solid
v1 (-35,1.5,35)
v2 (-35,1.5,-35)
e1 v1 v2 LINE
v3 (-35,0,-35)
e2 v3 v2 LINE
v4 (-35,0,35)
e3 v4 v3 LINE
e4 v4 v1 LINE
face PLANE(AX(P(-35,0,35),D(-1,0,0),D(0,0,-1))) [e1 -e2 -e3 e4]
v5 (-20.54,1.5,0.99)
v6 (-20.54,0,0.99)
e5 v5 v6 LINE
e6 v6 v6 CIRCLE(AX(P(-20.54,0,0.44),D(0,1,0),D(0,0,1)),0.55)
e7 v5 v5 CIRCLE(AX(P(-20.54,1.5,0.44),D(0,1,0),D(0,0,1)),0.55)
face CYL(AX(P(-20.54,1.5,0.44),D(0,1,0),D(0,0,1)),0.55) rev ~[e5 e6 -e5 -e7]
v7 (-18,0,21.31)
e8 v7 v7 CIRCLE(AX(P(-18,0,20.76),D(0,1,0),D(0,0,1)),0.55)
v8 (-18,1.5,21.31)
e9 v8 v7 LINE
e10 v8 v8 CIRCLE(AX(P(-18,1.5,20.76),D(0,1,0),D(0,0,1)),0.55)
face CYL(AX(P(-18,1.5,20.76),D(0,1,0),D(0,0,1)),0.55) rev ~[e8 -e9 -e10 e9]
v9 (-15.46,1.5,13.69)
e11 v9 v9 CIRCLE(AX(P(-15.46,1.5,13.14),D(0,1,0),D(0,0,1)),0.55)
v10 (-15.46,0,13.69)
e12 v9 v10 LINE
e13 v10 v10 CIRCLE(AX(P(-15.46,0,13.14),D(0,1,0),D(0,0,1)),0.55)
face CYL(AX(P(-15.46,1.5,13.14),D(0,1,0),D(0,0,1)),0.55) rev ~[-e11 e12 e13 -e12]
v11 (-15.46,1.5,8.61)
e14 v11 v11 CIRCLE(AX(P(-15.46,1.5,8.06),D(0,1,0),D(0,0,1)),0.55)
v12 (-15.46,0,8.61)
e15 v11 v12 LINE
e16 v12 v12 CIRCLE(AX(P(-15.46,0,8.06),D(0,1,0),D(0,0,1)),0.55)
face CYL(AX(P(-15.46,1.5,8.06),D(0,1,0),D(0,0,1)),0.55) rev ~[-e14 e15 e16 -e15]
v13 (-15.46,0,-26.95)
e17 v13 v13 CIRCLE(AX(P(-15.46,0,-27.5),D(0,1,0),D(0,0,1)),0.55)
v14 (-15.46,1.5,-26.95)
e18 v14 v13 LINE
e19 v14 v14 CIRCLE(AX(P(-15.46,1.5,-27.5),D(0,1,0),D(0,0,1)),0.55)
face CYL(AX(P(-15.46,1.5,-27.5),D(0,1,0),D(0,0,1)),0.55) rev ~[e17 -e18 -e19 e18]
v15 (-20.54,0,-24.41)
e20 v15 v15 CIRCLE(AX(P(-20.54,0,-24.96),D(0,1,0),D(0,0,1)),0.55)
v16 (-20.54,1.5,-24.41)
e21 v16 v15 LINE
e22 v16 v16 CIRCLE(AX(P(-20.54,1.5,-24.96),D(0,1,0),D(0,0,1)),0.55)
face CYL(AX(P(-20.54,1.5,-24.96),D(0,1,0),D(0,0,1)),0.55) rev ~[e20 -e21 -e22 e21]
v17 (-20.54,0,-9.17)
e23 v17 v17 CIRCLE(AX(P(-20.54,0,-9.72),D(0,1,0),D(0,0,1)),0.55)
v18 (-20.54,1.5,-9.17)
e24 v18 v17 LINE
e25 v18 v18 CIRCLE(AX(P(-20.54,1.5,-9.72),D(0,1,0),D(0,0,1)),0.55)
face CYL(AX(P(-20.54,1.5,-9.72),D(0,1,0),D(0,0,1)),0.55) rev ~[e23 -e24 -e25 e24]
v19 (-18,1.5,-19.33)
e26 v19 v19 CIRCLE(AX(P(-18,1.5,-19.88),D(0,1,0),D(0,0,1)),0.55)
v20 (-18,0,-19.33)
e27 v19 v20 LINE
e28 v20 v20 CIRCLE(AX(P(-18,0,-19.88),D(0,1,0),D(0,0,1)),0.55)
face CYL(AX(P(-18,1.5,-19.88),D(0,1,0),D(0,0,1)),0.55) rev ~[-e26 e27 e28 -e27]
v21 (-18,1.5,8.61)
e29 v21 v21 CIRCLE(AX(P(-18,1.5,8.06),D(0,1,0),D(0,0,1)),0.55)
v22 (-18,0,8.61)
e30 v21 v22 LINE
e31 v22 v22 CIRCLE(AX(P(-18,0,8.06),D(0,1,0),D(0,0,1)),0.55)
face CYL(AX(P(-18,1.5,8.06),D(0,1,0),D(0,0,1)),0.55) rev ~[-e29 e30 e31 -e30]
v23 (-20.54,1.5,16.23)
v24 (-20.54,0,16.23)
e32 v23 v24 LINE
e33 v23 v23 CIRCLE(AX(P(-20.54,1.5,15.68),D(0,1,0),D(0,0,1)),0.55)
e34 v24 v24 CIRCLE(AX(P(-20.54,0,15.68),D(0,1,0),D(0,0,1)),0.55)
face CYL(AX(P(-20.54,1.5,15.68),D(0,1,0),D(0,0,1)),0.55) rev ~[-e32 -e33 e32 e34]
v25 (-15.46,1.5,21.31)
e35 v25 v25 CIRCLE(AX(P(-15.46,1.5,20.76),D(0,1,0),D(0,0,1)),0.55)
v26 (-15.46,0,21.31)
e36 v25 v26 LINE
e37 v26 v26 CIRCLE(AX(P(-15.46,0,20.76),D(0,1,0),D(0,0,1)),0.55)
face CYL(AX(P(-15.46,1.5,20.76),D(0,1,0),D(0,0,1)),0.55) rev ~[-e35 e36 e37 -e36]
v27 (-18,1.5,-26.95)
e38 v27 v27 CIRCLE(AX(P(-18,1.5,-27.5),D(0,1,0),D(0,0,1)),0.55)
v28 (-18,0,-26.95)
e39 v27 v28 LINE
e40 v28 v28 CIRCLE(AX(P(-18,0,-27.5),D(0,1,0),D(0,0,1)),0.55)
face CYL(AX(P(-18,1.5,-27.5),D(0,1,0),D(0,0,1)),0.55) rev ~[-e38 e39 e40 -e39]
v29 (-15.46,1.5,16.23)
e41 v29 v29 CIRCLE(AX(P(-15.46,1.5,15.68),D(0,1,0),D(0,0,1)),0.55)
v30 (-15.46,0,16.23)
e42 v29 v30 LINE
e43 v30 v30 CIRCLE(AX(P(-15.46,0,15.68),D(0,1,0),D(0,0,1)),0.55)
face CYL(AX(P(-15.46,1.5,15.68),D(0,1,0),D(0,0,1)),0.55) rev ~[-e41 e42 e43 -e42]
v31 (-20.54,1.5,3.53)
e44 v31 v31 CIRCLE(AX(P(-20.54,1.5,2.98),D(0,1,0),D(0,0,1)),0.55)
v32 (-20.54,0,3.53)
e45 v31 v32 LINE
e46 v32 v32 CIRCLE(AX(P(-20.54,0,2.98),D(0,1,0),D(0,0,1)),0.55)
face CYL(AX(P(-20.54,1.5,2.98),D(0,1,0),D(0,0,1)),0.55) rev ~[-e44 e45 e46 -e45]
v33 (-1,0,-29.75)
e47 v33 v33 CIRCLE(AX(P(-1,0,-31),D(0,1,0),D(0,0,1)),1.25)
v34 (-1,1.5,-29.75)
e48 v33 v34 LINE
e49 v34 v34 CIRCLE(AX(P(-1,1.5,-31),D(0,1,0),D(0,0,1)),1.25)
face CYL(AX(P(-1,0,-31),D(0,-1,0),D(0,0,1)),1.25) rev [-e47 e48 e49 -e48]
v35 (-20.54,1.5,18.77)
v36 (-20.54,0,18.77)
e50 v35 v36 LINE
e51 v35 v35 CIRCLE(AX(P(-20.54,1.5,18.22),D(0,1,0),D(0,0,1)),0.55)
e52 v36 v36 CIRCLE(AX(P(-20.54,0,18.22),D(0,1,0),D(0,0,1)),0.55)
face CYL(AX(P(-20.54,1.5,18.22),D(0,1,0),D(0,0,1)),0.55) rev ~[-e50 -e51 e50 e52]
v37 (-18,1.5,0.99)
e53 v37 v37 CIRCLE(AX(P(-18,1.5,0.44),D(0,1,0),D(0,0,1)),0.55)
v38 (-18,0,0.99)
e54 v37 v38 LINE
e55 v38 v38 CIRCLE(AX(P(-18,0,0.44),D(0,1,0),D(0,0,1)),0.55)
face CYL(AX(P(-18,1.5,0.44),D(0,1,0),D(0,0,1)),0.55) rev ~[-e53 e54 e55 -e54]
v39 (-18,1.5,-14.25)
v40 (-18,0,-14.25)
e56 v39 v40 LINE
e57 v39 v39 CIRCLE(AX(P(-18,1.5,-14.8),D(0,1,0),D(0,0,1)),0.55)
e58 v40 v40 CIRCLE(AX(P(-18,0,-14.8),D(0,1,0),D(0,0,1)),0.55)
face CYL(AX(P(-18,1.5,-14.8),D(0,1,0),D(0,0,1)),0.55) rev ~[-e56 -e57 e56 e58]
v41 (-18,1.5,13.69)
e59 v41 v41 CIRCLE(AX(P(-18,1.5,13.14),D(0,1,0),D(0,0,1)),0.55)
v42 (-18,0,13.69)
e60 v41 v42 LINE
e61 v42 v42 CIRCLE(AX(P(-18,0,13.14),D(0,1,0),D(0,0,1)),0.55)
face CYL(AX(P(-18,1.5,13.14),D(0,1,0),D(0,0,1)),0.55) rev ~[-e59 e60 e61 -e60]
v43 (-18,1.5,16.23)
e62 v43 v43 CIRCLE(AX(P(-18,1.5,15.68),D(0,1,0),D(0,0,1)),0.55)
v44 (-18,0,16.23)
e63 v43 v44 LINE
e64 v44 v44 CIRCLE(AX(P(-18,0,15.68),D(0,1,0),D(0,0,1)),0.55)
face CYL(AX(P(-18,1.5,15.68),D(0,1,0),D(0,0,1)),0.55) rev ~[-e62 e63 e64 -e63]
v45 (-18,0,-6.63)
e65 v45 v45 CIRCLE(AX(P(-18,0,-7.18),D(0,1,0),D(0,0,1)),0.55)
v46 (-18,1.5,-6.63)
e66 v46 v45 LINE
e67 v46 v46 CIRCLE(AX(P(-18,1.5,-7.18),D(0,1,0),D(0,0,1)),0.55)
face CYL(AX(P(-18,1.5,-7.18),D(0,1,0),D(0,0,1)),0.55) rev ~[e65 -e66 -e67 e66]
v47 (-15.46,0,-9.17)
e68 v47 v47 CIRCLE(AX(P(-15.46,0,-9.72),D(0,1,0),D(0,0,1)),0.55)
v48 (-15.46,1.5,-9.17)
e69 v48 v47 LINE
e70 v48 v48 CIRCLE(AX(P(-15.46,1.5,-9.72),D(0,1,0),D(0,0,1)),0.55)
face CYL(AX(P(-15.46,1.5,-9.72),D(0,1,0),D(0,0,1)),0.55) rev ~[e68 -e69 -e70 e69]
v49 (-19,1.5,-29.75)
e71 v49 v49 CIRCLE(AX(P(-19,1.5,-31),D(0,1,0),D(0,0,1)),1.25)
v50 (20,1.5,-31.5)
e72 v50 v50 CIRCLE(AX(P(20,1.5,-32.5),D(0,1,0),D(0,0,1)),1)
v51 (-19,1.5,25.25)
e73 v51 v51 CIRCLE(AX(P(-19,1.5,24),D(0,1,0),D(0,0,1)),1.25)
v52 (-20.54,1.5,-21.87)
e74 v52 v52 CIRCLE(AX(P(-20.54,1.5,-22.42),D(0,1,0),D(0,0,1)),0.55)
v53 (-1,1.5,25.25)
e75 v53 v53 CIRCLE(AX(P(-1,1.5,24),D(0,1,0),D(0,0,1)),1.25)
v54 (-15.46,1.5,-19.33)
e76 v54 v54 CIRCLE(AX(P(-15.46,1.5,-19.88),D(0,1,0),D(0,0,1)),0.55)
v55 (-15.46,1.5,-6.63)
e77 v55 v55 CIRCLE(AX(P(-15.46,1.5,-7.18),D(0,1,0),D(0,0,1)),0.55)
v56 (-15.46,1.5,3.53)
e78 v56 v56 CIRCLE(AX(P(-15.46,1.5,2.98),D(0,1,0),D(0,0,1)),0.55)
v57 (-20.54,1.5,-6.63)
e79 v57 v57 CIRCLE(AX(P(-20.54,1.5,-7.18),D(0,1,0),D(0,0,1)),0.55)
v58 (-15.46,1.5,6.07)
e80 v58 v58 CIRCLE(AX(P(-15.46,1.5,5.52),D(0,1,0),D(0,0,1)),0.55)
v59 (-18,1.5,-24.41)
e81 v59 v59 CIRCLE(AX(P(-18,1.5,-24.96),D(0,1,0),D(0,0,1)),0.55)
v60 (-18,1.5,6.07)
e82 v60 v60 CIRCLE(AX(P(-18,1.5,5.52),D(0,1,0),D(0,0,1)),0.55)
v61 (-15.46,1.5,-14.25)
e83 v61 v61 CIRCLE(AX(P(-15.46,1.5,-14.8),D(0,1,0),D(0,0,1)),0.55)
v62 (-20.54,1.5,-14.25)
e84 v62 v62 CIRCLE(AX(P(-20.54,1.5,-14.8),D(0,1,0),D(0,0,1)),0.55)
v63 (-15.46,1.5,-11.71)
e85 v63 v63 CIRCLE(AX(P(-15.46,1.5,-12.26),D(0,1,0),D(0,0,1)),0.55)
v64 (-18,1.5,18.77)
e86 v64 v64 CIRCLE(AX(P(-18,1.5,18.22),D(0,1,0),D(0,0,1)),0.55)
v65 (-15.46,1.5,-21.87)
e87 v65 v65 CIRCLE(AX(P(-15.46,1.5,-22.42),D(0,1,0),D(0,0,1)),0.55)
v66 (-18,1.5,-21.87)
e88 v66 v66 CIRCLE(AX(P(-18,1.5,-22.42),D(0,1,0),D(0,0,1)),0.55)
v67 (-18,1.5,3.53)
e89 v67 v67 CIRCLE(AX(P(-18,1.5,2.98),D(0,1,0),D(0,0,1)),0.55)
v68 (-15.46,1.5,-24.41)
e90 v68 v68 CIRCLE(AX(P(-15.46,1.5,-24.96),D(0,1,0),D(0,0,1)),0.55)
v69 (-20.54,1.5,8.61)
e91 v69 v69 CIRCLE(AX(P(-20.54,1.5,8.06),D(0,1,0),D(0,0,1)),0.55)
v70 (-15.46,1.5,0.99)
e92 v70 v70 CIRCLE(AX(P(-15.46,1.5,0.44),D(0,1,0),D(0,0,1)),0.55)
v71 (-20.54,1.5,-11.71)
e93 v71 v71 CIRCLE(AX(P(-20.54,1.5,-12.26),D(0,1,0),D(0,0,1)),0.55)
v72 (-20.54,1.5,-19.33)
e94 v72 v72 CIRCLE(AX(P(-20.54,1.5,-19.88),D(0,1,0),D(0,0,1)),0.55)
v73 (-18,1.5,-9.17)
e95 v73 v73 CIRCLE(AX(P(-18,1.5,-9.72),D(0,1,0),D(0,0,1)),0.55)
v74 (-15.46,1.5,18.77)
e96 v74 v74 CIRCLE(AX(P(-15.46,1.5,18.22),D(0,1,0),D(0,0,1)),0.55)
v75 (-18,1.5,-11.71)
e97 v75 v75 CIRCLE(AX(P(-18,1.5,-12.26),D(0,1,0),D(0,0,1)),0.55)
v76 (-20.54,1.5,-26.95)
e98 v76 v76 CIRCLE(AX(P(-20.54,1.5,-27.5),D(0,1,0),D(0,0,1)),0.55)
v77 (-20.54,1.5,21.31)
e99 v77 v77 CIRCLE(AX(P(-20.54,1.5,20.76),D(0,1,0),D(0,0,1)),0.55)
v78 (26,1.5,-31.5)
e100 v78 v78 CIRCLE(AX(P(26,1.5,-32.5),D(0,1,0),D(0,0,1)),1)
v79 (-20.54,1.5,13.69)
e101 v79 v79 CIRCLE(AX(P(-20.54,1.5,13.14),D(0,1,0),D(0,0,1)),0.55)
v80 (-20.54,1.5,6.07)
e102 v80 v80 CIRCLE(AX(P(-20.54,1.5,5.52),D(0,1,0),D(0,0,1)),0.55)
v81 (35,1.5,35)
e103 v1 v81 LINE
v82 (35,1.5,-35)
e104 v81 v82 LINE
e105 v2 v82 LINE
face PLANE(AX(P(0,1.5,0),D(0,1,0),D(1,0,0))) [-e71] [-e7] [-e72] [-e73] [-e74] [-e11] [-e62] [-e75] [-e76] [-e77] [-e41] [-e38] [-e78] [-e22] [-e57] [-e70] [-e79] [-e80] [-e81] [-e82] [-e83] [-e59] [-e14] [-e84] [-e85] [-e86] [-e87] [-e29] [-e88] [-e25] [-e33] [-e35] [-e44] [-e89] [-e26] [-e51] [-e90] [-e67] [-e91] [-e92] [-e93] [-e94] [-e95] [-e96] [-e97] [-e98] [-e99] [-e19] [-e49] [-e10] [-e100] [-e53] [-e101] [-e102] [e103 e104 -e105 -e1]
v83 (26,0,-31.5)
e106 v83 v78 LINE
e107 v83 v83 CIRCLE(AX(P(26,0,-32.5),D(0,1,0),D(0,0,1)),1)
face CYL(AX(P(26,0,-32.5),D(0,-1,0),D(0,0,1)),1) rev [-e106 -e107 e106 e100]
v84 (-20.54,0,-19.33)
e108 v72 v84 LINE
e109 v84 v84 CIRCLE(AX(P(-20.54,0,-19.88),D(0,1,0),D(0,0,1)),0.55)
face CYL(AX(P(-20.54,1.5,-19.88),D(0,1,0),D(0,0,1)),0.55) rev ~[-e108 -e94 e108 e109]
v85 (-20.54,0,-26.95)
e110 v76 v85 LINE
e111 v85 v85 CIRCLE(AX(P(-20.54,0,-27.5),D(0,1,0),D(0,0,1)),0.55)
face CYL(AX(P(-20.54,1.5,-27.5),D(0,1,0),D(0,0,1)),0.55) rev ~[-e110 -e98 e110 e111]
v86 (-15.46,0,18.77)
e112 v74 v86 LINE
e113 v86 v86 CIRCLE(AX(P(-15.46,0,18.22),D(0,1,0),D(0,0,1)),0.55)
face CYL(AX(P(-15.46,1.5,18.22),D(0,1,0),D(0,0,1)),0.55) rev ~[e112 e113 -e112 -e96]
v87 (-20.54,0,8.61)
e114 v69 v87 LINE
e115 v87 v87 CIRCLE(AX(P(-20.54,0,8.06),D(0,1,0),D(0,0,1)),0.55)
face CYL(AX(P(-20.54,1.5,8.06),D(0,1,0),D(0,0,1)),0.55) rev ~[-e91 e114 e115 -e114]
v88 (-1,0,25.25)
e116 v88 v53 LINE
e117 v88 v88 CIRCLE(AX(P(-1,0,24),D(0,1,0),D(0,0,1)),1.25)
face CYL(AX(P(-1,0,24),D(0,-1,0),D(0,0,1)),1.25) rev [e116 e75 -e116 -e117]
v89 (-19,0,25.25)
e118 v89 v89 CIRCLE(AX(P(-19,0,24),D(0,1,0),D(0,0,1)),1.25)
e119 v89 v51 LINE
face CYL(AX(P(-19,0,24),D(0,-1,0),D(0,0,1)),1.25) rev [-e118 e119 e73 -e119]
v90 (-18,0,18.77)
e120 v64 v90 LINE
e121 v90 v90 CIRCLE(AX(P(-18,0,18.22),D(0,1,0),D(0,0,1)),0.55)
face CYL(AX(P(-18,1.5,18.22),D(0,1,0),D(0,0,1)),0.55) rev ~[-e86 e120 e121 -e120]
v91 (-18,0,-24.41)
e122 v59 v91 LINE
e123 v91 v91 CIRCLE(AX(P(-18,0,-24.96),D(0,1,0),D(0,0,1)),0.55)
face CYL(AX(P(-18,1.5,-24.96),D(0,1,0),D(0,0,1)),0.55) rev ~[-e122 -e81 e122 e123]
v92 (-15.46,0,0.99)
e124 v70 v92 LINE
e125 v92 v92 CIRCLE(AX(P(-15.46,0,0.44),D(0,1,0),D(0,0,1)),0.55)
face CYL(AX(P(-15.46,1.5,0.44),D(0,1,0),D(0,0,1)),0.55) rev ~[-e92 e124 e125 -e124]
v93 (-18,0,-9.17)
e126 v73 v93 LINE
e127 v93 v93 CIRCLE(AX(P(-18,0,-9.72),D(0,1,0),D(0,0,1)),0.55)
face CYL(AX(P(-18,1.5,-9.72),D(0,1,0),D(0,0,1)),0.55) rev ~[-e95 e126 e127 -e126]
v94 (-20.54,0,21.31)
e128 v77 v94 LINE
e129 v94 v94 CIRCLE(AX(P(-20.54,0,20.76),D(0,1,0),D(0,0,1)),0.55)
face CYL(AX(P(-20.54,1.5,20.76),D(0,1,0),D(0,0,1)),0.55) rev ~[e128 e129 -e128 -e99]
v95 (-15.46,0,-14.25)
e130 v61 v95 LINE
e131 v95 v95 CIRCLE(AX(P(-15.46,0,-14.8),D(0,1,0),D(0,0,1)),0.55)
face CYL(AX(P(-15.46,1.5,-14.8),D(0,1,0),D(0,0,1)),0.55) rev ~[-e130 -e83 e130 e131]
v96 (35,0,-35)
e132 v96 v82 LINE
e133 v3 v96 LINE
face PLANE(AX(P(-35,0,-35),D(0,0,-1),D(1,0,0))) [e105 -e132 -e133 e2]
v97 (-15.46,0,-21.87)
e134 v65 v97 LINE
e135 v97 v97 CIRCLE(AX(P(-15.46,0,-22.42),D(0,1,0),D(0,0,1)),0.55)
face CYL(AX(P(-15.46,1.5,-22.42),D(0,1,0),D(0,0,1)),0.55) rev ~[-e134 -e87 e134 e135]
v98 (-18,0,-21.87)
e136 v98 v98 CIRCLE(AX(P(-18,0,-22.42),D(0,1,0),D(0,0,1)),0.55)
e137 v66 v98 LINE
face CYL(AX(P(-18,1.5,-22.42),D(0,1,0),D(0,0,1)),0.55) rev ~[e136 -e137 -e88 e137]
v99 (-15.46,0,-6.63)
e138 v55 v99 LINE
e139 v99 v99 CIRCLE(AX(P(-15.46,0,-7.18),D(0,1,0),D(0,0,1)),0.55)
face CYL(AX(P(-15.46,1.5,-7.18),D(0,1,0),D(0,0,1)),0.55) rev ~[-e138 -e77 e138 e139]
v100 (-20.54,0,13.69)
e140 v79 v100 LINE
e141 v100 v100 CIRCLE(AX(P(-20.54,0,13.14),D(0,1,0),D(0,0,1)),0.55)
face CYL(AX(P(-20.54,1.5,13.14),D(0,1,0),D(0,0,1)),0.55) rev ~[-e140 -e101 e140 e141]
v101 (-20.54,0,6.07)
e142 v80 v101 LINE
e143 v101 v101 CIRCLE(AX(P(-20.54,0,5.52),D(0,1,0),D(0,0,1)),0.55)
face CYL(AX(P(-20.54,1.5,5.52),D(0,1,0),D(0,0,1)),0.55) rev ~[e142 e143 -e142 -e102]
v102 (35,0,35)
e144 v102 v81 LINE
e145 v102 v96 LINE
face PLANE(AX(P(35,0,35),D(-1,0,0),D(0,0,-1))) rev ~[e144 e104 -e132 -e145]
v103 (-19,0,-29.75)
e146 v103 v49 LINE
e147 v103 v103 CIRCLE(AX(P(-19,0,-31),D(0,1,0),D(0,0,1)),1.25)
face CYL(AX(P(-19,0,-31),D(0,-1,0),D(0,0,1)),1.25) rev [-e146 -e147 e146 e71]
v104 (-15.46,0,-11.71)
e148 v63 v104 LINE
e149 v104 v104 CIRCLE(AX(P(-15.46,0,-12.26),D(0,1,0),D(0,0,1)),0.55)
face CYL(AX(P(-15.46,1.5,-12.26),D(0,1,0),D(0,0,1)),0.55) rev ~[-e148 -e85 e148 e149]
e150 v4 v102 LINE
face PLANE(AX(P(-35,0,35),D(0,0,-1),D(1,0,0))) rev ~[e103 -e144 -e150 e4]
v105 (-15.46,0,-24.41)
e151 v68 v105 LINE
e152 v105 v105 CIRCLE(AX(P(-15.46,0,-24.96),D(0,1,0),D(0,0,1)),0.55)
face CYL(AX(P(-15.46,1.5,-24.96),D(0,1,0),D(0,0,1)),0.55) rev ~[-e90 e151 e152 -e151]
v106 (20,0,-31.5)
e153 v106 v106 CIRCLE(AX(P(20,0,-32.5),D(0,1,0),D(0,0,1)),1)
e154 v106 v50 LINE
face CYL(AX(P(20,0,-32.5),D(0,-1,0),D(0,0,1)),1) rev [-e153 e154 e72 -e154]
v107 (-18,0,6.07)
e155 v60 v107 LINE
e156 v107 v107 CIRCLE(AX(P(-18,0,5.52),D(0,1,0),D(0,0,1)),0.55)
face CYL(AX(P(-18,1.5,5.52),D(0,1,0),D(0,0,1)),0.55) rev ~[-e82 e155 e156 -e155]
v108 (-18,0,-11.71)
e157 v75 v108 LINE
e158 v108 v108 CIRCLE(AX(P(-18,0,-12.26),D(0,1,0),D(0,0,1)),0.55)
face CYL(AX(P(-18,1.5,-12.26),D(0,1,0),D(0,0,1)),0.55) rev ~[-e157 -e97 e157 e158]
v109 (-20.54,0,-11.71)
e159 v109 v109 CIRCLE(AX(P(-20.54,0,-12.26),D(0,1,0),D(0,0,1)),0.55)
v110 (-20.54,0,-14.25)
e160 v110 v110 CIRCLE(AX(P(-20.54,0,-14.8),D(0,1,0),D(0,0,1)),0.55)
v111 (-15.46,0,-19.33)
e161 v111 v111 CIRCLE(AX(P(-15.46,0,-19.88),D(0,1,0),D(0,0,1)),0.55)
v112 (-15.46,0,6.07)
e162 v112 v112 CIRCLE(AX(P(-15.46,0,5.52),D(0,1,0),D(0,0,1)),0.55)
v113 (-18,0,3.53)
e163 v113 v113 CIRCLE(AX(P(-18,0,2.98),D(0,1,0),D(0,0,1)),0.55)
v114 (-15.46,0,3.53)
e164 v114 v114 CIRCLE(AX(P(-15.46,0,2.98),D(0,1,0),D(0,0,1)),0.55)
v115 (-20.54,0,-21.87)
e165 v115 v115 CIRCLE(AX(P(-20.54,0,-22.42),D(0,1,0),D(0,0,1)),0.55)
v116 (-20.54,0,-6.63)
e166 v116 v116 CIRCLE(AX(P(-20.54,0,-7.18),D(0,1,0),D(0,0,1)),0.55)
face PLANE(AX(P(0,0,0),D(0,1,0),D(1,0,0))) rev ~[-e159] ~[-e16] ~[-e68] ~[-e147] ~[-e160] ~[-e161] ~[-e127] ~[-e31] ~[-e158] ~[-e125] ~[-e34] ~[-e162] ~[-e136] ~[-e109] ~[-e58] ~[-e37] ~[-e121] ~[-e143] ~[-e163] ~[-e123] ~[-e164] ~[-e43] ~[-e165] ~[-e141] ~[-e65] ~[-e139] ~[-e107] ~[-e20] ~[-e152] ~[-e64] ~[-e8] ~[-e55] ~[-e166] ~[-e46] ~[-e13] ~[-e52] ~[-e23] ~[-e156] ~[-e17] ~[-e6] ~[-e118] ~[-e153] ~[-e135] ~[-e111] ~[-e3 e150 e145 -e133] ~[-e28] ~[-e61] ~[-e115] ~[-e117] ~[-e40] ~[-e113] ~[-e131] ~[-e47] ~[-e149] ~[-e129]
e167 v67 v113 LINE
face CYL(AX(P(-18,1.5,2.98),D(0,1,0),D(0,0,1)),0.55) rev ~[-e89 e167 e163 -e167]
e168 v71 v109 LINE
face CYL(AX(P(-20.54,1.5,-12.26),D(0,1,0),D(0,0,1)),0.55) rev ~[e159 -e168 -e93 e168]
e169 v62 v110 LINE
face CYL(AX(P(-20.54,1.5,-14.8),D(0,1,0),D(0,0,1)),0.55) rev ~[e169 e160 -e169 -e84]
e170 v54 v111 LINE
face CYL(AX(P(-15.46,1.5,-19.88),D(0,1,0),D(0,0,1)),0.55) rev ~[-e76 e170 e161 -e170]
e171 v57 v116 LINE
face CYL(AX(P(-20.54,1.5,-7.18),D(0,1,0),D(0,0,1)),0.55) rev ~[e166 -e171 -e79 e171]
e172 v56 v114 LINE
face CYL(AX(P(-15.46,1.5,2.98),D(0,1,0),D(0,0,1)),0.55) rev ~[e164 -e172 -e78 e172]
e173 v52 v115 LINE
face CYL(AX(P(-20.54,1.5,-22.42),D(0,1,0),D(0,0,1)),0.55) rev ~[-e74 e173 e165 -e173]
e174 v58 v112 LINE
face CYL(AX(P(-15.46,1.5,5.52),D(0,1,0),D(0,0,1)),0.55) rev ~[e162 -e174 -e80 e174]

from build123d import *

# Parameters (mm, degrees)
ESBO_O1_W                = 70
ESBO_O1_H                = 70
ESBO_O1_R                = 1.25
ESBO_O1_R_2              = 1
RESSALTO_EXTRUS_O1_DEPTH = 1.5
ESBO_O2_R                = 0.55
CORTE_EXTRUS_O1_DEPTH    = 50.520197899
PADR_O_LINEAR1_COUNT     = 20
PADR_O_LINEAR1_PITCH     = 2.54


with BuildPart() as part:
    # Esboço1 → Ressalto-extrusão1 (new body)
    with BuildSketch(Plane(origin=(0, 0, 0), x_dir=(1, 0, 0), z_dir=(0, 1, 0))):
        Rectangle(ESBO_O1_W, ESBO_O1_H)
        with Locations(Location((-19, 31, 0), (0, 0, 270))):
            Circle(ESBO_O1_R, mode=Mode.SUBTRACT)
        with Locations(Location((-1, 31, 0), (0, 0, 270))):
            Circle(ESBO_O1_R, mode=Mode.SUBTRACT)
        with Locations(Location((-1, -24, 0), (0, 0, 270))):
            Circle(ESBO_O1_R, mode=Mode.SUBTRACT)
        with Locations(Location((-19, -24, 0), (0, 0, 270))):
            Circle(ESBO_O1_R, mode=Mode.SUBTRACT)
        with Locations(Location((20, 32.5, 0), (0, 0, 270))):
            Circle(ESBO_O1_R_2, mode=Mode.SUBTRACT)
        with Locations(Location((26, 32.5, 0), (0, 0, 270))):
            Circle(ESBO_O1_R_2, mode=Mode.SUBTRACT)
    extrude(amount=RESSALTO_EXTRUS_O1_DEPTH)

    # Esboço2 → Corte-extrusão1 (cut, through all)
    with BuildSketch(Plane(origin=(0, 1.5, 0), x_dir=(1, 0, 0), z_dir=(0, 1, 0))):
        with Locations(Location((-20.54, 27.5, 0), (0, 0, 270))):
            Circle(ESBO_O2_R)
        with Locations(Location((-18, 27.5, 0), (0, 0, 270))):
            Circle(ESBO_O2_R)
        with Locations(Location((-15.46, 27.5, 0), (0, 0, 270))):
            Circle(ESBO_O2_R)
    corte_extrus_o1 = extrude(amount=-CORTE_EXTRUS_O1_DEPTH, mode=Mode.SUBTRACT)

    # Padrão linear1: Corte-extrusão1 ×20, 4 skipped
    with Locations(*[(0, 0, i * PADR_O_LINEAR1_PITCH) for i in range(1, PADR_O_LINEAR1_COUNT) if i not in (4, 9, 10, 15)]):
        add(corte_extrus_o1, mode=Mode.SUBTRACT)


solid = part.part
